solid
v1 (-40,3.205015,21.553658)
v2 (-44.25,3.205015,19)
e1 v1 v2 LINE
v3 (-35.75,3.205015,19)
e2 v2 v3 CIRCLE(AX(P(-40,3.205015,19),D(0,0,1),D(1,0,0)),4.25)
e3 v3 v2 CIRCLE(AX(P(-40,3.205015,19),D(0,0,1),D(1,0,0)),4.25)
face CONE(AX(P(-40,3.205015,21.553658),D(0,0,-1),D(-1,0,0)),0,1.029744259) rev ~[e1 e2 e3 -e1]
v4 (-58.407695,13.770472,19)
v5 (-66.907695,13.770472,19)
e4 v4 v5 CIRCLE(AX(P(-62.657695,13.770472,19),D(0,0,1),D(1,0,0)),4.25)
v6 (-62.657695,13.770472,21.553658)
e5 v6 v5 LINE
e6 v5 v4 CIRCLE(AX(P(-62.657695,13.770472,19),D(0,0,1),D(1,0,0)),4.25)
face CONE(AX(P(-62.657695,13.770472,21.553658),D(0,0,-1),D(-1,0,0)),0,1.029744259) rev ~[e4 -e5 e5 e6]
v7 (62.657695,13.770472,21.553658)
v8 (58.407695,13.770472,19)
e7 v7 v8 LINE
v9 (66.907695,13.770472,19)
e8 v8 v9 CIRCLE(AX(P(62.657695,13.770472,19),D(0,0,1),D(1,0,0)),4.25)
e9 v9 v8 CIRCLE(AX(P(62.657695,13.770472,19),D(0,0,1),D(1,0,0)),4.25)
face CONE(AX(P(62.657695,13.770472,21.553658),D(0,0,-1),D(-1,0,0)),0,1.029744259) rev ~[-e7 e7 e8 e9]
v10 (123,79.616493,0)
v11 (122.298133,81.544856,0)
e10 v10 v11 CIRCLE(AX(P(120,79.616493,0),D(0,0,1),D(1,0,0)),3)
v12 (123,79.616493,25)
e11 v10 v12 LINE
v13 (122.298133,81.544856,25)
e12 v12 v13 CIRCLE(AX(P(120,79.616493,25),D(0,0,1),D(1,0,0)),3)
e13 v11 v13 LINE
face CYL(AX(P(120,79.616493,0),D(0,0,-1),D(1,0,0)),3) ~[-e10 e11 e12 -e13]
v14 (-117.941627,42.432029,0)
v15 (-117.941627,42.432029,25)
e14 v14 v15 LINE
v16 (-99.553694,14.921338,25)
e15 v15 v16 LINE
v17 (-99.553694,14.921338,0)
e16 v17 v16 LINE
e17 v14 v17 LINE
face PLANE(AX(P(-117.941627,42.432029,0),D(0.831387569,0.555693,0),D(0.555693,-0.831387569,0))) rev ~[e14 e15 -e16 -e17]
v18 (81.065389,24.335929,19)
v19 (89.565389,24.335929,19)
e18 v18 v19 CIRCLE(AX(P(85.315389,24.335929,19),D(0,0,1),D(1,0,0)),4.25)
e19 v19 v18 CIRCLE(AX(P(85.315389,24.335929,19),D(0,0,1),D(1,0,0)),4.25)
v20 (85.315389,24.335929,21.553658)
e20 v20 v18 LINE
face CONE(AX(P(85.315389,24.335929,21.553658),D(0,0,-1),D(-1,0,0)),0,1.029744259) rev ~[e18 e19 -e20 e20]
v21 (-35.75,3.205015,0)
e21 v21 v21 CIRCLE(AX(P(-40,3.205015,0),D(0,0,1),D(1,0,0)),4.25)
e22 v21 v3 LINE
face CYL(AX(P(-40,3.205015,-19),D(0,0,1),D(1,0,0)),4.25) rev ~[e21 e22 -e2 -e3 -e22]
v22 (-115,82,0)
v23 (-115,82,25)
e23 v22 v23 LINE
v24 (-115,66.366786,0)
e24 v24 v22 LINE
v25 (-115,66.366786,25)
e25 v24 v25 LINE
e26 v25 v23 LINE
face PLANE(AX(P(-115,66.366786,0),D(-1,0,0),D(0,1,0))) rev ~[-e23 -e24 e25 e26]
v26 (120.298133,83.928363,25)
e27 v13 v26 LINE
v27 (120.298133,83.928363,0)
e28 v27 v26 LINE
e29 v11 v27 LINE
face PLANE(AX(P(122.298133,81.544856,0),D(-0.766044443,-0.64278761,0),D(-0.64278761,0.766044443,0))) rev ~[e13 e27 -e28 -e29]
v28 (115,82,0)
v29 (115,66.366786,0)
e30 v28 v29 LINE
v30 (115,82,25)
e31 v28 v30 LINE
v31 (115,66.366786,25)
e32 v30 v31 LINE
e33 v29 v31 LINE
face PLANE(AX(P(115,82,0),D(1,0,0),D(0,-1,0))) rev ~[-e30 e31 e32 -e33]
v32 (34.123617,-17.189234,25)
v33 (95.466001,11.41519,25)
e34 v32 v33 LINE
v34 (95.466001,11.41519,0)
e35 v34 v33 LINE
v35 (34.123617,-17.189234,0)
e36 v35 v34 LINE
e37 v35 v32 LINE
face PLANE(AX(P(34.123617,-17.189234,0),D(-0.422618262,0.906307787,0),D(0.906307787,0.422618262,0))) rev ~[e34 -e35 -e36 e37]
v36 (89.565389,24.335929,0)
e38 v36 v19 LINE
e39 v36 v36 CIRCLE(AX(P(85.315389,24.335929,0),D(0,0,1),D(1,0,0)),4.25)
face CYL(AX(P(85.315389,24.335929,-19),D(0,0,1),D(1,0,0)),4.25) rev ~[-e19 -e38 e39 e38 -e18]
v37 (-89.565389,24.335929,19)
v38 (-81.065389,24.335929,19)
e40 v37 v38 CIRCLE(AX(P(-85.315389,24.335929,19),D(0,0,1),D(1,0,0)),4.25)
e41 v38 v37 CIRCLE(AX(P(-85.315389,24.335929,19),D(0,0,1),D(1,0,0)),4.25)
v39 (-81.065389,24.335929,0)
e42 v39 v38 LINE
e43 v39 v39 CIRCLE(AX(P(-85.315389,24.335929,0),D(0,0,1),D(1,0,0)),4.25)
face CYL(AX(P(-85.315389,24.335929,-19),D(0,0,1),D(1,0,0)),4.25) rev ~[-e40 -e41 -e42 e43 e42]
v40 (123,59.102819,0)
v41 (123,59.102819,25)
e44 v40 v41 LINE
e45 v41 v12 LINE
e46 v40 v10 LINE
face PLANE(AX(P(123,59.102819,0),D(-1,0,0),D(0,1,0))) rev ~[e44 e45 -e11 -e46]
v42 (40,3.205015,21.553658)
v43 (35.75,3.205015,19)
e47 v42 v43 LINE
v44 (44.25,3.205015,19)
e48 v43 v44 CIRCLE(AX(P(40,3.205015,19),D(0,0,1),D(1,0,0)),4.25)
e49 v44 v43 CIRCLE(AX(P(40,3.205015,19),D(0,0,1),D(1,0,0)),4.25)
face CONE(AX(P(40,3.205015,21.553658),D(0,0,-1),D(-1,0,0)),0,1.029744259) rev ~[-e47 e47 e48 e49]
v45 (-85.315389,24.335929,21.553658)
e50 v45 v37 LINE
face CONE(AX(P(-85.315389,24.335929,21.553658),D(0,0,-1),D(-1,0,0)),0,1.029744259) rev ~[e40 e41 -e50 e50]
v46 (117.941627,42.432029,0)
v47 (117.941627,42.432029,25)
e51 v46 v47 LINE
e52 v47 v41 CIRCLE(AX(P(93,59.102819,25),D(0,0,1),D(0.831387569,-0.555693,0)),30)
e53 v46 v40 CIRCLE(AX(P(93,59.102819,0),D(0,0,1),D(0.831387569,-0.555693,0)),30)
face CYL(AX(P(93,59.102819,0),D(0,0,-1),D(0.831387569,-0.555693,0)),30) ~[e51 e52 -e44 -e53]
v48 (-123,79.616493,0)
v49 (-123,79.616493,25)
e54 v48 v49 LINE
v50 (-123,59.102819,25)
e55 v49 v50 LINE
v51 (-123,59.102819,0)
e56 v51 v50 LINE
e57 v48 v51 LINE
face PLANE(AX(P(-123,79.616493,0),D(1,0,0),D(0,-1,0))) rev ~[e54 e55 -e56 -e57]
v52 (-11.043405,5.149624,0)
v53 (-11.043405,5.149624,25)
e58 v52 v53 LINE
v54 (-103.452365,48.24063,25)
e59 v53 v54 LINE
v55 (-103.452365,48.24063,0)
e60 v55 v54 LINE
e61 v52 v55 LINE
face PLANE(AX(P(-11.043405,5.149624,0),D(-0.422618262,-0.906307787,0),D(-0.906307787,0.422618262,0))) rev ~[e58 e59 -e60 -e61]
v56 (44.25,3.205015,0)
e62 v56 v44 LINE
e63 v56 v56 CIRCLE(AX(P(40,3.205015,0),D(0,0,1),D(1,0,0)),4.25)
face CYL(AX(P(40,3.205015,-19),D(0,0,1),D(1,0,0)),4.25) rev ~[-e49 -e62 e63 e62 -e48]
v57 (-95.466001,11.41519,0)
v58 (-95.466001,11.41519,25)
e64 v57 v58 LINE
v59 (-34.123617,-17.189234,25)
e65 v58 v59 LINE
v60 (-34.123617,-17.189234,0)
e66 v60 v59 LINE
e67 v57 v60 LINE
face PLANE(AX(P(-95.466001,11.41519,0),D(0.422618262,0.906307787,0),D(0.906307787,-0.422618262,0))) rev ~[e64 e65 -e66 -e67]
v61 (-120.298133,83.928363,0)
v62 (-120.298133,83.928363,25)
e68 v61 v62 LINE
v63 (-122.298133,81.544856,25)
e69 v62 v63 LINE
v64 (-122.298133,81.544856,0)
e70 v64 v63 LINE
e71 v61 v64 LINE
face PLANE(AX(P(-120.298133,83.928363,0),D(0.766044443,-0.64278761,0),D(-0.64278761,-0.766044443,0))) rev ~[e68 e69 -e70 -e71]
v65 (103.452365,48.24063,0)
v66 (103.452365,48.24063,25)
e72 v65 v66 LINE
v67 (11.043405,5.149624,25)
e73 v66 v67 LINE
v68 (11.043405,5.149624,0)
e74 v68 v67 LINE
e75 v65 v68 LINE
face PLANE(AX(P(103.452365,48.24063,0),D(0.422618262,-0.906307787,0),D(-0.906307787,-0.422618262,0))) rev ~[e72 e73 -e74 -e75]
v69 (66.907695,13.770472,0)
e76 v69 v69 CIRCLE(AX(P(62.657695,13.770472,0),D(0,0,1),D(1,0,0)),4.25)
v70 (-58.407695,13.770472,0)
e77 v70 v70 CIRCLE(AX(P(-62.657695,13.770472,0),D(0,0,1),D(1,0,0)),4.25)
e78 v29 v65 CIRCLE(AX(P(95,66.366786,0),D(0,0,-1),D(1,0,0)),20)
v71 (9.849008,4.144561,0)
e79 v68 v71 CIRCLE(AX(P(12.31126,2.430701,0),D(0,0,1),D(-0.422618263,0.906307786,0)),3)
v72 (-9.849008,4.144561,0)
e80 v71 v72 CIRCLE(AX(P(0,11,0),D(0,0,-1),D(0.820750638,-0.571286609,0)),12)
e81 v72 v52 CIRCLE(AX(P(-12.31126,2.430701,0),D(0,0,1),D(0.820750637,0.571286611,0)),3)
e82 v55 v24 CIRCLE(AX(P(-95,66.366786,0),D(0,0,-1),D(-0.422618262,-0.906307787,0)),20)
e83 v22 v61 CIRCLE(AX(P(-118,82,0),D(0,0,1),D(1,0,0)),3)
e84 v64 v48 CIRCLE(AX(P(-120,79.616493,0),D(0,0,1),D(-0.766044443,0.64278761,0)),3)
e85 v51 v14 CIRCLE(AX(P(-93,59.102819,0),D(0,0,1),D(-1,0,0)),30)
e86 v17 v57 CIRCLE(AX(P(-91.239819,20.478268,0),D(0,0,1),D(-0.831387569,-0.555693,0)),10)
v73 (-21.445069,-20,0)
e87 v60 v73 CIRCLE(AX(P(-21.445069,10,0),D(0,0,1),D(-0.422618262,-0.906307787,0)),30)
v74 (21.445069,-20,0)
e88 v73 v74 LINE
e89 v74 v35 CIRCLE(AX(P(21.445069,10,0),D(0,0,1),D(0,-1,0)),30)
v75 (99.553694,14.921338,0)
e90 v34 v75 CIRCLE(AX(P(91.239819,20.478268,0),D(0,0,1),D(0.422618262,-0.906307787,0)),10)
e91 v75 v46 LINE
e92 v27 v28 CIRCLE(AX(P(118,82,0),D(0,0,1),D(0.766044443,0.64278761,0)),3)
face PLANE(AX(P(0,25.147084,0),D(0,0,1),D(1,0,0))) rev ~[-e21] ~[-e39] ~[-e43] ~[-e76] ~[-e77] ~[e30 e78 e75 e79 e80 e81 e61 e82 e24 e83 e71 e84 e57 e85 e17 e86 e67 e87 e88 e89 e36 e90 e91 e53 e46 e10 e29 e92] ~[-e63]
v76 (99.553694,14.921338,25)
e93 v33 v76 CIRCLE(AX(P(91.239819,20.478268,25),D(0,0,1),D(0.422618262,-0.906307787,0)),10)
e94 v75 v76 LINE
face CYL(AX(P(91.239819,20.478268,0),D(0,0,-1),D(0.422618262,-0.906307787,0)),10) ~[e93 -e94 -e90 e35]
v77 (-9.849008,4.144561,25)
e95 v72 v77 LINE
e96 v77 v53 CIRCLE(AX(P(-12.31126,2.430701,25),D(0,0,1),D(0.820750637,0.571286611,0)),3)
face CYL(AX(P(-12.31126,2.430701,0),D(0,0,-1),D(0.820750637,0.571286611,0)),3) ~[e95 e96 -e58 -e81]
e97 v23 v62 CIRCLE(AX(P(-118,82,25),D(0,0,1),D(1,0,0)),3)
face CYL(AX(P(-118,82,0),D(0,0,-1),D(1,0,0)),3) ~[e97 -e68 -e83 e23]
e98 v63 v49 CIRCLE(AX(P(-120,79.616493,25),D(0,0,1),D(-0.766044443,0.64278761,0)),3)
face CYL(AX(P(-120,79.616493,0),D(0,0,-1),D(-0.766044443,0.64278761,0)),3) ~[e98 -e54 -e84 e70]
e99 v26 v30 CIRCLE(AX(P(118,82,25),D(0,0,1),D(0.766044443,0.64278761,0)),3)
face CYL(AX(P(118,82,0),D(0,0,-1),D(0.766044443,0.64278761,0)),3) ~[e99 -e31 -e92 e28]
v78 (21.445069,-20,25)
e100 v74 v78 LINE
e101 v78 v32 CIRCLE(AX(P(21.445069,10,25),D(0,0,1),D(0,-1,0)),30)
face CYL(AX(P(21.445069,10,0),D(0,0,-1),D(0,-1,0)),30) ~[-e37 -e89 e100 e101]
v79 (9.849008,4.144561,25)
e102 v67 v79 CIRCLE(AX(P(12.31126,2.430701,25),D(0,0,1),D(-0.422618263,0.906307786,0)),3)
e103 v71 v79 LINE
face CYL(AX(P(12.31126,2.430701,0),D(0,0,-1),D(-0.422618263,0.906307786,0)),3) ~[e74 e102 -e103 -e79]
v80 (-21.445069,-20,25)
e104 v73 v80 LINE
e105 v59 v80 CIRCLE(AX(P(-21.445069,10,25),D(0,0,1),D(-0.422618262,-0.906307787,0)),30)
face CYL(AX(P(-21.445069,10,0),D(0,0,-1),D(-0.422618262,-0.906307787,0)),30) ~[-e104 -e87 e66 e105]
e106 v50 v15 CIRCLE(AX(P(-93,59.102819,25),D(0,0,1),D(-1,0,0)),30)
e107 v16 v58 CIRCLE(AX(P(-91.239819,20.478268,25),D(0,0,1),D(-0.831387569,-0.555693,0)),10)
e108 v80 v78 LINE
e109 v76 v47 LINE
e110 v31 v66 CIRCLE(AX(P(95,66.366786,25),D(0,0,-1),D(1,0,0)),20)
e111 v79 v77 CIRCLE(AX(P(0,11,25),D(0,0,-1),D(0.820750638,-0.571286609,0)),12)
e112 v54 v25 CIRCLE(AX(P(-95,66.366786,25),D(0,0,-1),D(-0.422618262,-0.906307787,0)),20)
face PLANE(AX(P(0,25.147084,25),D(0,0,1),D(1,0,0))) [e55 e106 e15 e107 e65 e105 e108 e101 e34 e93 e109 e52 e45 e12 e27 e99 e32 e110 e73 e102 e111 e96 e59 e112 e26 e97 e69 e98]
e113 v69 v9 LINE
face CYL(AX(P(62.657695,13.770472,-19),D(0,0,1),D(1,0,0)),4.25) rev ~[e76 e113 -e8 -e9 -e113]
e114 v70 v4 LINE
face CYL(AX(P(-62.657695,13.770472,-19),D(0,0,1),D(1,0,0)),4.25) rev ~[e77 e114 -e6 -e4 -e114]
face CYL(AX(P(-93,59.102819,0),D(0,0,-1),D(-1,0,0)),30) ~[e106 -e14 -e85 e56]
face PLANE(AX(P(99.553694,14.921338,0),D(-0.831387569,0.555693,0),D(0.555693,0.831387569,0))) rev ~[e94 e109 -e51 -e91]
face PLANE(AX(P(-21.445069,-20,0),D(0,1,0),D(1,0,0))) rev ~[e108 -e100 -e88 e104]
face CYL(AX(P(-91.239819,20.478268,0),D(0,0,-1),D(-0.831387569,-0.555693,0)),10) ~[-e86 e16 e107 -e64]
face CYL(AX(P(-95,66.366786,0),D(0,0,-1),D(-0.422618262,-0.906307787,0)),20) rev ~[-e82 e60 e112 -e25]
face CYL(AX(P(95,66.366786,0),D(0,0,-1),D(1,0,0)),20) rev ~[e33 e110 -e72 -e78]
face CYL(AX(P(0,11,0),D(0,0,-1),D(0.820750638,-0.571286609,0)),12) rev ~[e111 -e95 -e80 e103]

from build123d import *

# Parameters (mm, degrees)
BASE_EXTRUDE_DEPTH     = 25
M10_GEVINDHULLER_D     = 8.5
M10_GEVINDHULLER_DEPTH = 19
M10_GEVINDHULLER_TIP   = 2.553657631


with BuildPart() as part:
    # Sketch1 → Base-Extrude (new body)
    with BuildSketch(Plane.XY):
        with BuildLine():
            Line((-11.04340479, 5.149624226), (-103.452365235, 48.240630163))
            ThreePointArc((-103.452365235, 48.240630163), (-111.867828916, 55.620793737), (-115, 66.366785904))
            Line((-115, 66.366785904), (-115, 82))
            ThreePointArc((-115, 82), (-116.97393957, 84.819077862), (-120.298133329, 83.928362829))
            Line((-120.298133329, 83.928362829), (-122.298133329, 81.544855644))
            ThreePointArc((-122.298133329, 81.544855644), (-122.819077862, 80.642553245), (-123, 79.616492815))
            Line((-123, 79.616492815), (-123, 59.102819238))
            ThreePointArc((-123, 59.102819238), (-121.707567052, 50.39215945), (-117.941627071, 42.432029243))
            Line((-117.941627071, 42.432029243), (-99.553694394, 14.921337813))
            ThreePointArc((-99.553694394, 14.921337813), (-97.750312833, 12.887914315), (-95.466001321, 11.41518994))
            Line((-95.466001321, 11.41518994), (-34.123617057, -17.189233611))
            ThreePointArc((-34.123617057, -17.189233611), (-27.938257623, -19.288880214), (-21.445069205, -20))
            Line((-21.445069205, -20), (21.445069205, -20))
            ThreePointArc((21.445069205, -20), (27.938257623, -19.288880214), (34.123617057, -17.189233611))
            Line((34.123617057, -17.189233611), (95.466001321, 11.41518994))
            ThreePointArc((95.466001321, 11.41518994), (97.750312833, 12.887914315), (99.553694394, 14.921337813))
            Line((99.553694394, 14.921337813), (117.941627071, 42.432029243))
            ThreePointArc((117.941627071, 42.432029243), (121.707567052, 50.39215945), (123, 59.102819238))
            Line((123, 59.102819238), (123, 79.616492815))
            ThreePointArc((123, 79.616492815), (122.819077862, 80.642553245), (122.298133329, 81.544855644))
            Line((122.298133329, 81.544855644), (120.298133329, 83.928362829))
            ThreePointArc((120.298133329, 83.928362829), (116.97393957, 84.819077862), (115, 82))
            Line((115, 82), (115, 66.366785904))
            ThreePointArc((115, 66.366785904), (111.867828916, 55.620793737), (103.452365235, 48.240630163))
            Line((103.452365235, 48.240630163), (11.04340479, 5.149624226))
            ThreePointArc((11.04340479, 5.149624226), (10.379689702, 4.726139346), (9.84900766, 4.144560692))
            ThreePointArc((9.84900766, 4.144560692), (0, -1), (-9.84900766, 4.144560692))
            ThreePointArc((-9.84900766, 4.144560692), (-10.379689702, 4.726139346), (-11.04340479, 5.149624226))
        make_face()
    extrude(amount=BASE_EXTRUDE_DEPTH)

    # M10 gevindhuller
    with Locations(Plane(origin=(0, 0, 0), x_dir=(-1, 0, 0), z_dir=(0, 0, -1))):
        with Locations((-40, 3.205015461), (-62.657694676, 13.770472004), (-85.315389352, 24.335928548), (85.315389352, 24.335928548), (62.657694676, 13.770472004), (40, 3.205015461)):
            Hole(M10_GEVINDHULLER_D / 2, depth=M10_GEVINDHULLER_DEPTH)
            with Locations((0, 0, -(M10_GEVINDHULLER_DEPTH + M10_GEVINDHULLER_TIP / 2))):  # 118° drill point
                Cone(0, M10_GEVINDHULLER_D / 2, M10_GEVINDHULLER_TIP, mode=Mode.SUBTRACT)


solid = part.part
